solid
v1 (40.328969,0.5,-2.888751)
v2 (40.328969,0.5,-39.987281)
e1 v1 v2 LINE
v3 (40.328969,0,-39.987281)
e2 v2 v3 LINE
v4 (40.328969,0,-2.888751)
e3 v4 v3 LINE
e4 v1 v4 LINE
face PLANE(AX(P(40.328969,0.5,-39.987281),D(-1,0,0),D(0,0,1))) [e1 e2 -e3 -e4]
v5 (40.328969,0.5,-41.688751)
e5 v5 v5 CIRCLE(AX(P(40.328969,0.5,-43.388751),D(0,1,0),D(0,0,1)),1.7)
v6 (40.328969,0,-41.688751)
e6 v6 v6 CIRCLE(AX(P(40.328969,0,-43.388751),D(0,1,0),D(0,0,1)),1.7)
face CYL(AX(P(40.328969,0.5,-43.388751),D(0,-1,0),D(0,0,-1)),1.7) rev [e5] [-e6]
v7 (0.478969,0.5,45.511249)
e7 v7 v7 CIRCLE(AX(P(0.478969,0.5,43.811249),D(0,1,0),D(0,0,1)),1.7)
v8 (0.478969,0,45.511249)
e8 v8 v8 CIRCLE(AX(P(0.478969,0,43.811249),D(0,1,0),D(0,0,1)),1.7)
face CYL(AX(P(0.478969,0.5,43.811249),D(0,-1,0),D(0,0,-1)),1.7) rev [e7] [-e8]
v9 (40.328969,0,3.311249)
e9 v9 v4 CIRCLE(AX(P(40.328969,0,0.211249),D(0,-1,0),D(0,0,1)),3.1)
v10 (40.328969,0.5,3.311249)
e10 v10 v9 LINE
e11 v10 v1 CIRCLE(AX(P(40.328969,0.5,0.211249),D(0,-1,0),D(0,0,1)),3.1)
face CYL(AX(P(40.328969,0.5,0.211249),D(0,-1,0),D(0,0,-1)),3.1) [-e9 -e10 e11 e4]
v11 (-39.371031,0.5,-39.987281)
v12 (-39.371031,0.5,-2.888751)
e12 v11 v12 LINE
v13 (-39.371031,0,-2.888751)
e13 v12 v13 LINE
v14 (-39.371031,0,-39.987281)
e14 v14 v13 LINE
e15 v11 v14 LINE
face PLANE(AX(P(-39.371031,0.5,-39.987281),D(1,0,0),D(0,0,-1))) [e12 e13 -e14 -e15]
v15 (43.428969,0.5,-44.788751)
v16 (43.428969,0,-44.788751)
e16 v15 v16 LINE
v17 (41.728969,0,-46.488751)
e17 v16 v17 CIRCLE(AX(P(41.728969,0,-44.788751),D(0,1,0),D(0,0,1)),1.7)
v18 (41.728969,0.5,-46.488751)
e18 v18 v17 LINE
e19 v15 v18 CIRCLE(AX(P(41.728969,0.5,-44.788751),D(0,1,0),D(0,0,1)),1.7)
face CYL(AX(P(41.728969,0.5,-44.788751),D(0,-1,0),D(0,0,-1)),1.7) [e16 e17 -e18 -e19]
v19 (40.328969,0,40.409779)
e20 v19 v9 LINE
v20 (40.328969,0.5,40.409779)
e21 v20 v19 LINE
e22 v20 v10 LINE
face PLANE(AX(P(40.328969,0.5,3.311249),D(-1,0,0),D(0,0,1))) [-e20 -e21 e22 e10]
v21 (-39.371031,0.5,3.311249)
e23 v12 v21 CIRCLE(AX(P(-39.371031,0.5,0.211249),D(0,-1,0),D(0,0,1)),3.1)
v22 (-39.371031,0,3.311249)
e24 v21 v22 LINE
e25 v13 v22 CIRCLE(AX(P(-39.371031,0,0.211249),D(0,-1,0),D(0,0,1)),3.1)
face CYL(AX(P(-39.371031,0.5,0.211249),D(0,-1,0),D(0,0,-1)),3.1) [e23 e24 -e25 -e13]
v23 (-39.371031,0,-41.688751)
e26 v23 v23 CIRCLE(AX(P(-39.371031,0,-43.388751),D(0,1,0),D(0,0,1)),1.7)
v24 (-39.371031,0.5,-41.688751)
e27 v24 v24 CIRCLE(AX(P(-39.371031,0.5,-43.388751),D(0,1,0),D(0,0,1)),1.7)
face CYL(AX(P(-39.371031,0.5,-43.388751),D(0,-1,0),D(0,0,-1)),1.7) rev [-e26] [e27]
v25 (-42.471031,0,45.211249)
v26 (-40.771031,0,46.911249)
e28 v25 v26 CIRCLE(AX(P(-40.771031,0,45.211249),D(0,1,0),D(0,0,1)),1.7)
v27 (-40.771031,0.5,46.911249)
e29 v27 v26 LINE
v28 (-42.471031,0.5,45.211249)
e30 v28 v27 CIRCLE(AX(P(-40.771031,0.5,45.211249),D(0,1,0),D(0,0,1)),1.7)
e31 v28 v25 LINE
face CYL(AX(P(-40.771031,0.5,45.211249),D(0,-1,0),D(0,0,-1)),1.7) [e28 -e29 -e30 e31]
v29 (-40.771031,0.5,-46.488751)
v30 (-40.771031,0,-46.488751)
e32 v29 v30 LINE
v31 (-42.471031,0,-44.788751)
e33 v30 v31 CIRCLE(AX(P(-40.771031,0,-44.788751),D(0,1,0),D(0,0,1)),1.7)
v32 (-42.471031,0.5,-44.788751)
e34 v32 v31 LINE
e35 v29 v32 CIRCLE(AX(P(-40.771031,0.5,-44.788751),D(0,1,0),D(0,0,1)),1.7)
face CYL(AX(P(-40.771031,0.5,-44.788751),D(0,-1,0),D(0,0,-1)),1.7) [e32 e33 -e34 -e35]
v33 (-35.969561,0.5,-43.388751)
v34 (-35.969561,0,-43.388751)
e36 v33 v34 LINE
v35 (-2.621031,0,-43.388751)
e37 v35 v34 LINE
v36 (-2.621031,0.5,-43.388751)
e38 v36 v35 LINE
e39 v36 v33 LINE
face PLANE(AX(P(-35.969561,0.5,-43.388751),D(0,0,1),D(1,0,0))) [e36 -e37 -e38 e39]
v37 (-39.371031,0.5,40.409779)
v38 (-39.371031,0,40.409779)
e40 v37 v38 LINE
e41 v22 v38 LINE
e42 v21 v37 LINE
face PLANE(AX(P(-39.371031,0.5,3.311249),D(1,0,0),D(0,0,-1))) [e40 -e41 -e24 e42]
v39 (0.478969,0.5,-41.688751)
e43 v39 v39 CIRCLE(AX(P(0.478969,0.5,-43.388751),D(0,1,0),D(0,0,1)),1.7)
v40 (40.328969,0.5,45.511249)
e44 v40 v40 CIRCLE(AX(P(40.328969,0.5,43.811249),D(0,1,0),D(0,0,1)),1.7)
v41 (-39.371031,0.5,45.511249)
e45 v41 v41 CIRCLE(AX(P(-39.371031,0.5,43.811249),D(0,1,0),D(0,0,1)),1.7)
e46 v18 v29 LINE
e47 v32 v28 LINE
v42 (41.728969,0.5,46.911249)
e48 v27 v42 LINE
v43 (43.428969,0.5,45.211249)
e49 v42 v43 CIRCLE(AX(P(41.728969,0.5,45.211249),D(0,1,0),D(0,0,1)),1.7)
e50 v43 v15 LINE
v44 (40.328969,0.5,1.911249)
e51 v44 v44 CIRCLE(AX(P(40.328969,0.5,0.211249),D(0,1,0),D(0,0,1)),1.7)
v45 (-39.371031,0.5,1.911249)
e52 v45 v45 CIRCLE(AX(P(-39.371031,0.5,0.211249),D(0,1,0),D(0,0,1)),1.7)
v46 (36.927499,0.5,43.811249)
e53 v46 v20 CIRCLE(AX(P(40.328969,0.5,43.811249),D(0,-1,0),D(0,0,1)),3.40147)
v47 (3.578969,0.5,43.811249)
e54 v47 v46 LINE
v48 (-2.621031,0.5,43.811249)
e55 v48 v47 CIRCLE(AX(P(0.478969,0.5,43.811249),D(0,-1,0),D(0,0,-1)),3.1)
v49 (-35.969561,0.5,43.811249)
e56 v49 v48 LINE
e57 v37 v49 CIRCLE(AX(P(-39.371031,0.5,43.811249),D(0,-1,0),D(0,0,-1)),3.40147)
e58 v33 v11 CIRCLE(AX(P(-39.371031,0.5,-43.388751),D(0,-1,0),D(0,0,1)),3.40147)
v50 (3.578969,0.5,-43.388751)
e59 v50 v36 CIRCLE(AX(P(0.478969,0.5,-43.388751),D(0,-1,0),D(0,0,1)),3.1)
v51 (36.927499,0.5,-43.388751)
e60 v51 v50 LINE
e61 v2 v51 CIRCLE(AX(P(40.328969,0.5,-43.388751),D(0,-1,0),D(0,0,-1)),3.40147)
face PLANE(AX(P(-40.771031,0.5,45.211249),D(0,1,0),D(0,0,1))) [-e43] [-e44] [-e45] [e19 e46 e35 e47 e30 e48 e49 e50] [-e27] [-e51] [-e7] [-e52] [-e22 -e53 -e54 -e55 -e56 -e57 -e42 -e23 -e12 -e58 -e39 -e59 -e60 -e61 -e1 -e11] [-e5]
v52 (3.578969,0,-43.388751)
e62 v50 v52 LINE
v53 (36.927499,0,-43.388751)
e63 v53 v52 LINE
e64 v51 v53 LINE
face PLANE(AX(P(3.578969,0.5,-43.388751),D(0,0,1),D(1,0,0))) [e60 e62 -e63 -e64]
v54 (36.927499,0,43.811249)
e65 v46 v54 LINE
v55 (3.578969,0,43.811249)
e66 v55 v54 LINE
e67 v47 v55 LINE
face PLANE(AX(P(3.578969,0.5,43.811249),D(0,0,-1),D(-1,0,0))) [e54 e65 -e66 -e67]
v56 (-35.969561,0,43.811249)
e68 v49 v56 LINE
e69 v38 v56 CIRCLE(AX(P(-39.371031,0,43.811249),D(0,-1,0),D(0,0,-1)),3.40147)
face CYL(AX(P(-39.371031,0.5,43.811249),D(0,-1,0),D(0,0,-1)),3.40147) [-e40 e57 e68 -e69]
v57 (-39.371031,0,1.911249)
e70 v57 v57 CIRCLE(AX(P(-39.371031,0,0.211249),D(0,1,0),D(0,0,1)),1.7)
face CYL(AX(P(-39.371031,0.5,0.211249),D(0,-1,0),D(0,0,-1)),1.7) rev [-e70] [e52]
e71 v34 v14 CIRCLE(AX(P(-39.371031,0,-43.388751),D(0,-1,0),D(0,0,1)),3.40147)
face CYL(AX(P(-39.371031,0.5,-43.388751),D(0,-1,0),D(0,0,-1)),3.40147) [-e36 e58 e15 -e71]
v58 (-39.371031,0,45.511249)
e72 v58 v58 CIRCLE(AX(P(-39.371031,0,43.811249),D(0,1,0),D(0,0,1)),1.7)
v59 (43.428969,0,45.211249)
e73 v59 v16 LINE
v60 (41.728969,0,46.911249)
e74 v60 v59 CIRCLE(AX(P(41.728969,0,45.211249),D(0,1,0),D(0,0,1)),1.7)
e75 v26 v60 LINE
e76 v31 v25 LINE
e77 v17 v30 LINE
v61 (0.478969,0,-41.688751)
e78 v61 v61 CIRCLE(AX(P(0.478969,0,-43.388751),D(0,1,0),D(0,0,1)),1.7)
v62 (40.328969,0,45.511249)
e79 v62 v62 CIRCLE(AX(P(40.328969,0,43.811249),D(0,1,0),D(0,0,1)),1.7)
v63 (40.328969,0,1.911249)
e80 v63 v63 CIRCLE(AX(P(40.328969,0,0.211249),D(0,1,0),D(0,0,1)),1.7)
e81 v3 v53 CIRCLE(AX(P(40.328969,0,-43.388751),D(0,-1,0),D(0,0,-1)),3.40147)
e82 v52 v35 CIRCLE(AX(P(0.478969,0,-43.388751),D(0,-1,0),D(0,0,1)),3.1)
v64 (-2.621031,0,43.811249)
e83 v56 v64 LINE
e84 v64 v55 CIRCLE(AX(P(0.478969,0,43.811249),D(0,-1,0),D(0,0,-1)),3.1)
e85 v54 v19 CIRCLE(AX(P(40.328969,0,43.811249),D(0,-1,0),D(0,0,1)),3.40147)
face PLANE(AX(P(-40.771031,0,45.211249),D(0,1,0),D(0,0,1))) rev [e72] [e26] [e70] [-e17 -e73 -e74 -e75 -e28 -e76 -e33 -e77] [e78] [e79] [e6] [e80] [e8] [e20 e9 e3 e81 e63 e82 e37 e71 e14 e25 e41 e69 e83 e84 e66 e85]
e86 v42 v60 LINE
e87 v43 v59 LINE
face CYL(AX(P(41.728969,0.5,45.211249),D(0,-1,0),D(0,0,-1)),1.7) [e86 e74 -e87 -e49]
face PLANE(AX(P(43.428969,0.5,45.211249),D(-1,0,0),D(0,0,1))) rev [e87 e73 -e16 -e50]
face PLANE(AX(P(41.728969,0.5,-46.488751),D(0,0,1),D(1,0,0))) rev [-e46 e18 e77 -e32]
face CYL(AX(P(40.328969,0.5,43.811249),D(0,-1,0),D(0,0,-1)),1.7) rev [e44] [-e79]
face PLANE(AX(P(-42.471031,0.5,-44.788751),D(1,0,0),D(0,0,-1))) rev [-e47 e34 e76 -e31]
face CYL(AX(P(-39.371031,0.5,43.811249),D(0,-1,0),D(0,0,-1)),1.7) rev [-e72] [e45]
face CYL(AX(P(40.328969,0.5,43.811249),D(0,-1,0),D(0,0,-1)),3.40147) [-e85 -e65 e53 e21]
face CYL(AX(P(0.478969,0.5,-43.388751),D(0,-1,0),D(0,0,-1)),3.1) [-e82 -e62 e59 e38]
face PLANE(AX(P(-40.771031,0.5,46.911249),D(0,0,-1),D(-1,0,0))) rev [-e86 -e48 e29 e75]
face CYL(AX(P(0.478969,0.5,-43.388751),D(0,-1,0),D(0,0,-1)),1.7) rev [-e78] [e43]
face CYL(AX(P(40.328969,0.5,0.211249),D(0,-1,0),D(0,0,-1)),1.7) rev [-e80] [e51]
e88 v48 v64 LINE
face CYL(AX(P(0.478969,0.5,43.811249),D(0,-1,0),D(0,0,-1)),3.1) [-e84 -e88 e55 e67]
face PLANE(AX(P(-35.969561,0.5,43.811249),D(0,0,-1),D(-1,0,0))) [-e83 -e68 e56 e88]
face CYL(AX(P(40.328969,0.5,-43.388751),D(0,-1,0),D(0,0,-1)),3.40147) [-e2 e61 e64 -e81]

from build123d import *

# Parameters (mm, degrees)
SKETCH_1_R      = 1.7
EXTRUDE_1_DEPTH = 0.5


with BuildPart() as part:
    # Эскиз1 → Бобышка-Вытянуть1 (new body)
    with BuildSketch(Plane(origin=(0, 0, 0), x_dir=(1, 0, 0), z_dir=(0, 1, 0))):
        with BuildLine():
            Line((-40.771031168, -46.911249121), (41.728968832, -46.911249121))
            ThreePointArc((41.728968832, -46.911249121), (42.93105036, -46.413330649), (43.428968832, -45.211249121))
            Line((43.428968832, -45.211249121), (43.428968832, 44.788750879))
            ThreePointArc((43.428968832, 44.788750879), (42.93105036, 45.990832407), (41.728968832, 46.488750879))
            Line((41.728968832, 46.488750879), (-40.771031168, 46.488750879))
            ThreePointArc((-40.771031168, 46.488750879), (-41.973112696, 45.990832407), (-42.471031168, 44.788750879))
            Line((-42.471031168, 44.788750879), (-42.471031168, -45.211249121))
            ThreePointArc((-42.471031168, -45.211249121), (-41.973112696, -46.413330649), (-40.771031168, -46.911249121))
        make_face()
        with Locations((-39.371031168, -0.211249121)):
            Circle(SKETCH_1_R, mode=Mode.SUBTRACT)
        with Locations((-39.371031168, -43.811249121)):
            Circle(SKETCH_1_R, mode=Mode.SUBTRACT)
        with Locations((0.478968832, -43.811249121)):
            Circle(SKETCH_1_R, mode=Mode.SUBTRACT)
        with Locations((40.328968832, -43.811249121)):
            Circle(SKETCH_1_R, mode=Mode.SUBTRACT)
        with Locations((40.328968832, -0.211249121)):
            Circle(SKETCH_1_R, mode=Mode.SUBTRACT)
        with Locations((40.328968832, 43.388750879)):
            Circle(SKETCH_1_R, mode=Mode.SUBTRACT)
        with Locations((0.478968832, 43.388750879)):
            Circle(SKETCH_1_R, mode=Mode.SUBTRACT)
        with Locations((-39.371031168, 43.388750879)):
            Circle(SKETCH_1_R, mode=Mode.SUBTRACT)
        with BuildLine():
            Line((-39.371031168, 39.987280609), (-39.371031168, 2.888750879))
            ThreePointArc((-39.371031168, 2.888750879), (-36.271031168, -0.211249121), (-39.371031168, -3.311249121))
            Line((-39.371031168, -3.311249121), (-39.371031168, -40.40977885))
            ThreePointArc((-39.371031168, -40.40977885), (-36.965828473, -41.406046427), (-35.969560897, -43.811249121))
            Line((-35.969560897, -43.811249121), (-2.621031168, -43.811249121))
            ThreePointArc((-2.621031168, -43.811249121), (0.478968832, -40.711249121), (3.578968832, -43.811249121))
            Line((3.578968832, -43.811249121), (36.927498562, -43.811249121))
            ThreePointArc((36.927498562, -43.811249121), (37.923766138, -41.406046427), (40.328968832, -40.40977885))
            Line((40.328968832, -40.40977885), (40.328968832, -3.311249121))
            ThreePointArc((40.328968832, -3.311249121), (37.228968832, -0.211249121), (40.328968832, 2.888750879))
            Line((40.328968832, 2.888750879), (40.328968832, 39.987280609))
            ThreePointArc((40.328968832, 39.987280609), (37.923766138, 40.983548185), (36.927498562, 43.388750879))
            Line((36.927498562, 43.388750879), (3.578968832, 43.388750879))
            ThreePointArc((3.578968832, 43.388750879), (0.478968832, 40.288750879), (-2.621031168, 43.388750879))
            Line((-2.621031168, 43.388750879), (-35.969560897, 43.388750879))
            ThreePointArc((-35.969560897, 43.388750879), (-36.965828473, 40.983548185), (-39.371031168, 39.987280609))
        make_face(mode=Mode.SUBTRACT)
    extrude(amount=EXTRUDE_1_DEPTH)


solid = part.part
